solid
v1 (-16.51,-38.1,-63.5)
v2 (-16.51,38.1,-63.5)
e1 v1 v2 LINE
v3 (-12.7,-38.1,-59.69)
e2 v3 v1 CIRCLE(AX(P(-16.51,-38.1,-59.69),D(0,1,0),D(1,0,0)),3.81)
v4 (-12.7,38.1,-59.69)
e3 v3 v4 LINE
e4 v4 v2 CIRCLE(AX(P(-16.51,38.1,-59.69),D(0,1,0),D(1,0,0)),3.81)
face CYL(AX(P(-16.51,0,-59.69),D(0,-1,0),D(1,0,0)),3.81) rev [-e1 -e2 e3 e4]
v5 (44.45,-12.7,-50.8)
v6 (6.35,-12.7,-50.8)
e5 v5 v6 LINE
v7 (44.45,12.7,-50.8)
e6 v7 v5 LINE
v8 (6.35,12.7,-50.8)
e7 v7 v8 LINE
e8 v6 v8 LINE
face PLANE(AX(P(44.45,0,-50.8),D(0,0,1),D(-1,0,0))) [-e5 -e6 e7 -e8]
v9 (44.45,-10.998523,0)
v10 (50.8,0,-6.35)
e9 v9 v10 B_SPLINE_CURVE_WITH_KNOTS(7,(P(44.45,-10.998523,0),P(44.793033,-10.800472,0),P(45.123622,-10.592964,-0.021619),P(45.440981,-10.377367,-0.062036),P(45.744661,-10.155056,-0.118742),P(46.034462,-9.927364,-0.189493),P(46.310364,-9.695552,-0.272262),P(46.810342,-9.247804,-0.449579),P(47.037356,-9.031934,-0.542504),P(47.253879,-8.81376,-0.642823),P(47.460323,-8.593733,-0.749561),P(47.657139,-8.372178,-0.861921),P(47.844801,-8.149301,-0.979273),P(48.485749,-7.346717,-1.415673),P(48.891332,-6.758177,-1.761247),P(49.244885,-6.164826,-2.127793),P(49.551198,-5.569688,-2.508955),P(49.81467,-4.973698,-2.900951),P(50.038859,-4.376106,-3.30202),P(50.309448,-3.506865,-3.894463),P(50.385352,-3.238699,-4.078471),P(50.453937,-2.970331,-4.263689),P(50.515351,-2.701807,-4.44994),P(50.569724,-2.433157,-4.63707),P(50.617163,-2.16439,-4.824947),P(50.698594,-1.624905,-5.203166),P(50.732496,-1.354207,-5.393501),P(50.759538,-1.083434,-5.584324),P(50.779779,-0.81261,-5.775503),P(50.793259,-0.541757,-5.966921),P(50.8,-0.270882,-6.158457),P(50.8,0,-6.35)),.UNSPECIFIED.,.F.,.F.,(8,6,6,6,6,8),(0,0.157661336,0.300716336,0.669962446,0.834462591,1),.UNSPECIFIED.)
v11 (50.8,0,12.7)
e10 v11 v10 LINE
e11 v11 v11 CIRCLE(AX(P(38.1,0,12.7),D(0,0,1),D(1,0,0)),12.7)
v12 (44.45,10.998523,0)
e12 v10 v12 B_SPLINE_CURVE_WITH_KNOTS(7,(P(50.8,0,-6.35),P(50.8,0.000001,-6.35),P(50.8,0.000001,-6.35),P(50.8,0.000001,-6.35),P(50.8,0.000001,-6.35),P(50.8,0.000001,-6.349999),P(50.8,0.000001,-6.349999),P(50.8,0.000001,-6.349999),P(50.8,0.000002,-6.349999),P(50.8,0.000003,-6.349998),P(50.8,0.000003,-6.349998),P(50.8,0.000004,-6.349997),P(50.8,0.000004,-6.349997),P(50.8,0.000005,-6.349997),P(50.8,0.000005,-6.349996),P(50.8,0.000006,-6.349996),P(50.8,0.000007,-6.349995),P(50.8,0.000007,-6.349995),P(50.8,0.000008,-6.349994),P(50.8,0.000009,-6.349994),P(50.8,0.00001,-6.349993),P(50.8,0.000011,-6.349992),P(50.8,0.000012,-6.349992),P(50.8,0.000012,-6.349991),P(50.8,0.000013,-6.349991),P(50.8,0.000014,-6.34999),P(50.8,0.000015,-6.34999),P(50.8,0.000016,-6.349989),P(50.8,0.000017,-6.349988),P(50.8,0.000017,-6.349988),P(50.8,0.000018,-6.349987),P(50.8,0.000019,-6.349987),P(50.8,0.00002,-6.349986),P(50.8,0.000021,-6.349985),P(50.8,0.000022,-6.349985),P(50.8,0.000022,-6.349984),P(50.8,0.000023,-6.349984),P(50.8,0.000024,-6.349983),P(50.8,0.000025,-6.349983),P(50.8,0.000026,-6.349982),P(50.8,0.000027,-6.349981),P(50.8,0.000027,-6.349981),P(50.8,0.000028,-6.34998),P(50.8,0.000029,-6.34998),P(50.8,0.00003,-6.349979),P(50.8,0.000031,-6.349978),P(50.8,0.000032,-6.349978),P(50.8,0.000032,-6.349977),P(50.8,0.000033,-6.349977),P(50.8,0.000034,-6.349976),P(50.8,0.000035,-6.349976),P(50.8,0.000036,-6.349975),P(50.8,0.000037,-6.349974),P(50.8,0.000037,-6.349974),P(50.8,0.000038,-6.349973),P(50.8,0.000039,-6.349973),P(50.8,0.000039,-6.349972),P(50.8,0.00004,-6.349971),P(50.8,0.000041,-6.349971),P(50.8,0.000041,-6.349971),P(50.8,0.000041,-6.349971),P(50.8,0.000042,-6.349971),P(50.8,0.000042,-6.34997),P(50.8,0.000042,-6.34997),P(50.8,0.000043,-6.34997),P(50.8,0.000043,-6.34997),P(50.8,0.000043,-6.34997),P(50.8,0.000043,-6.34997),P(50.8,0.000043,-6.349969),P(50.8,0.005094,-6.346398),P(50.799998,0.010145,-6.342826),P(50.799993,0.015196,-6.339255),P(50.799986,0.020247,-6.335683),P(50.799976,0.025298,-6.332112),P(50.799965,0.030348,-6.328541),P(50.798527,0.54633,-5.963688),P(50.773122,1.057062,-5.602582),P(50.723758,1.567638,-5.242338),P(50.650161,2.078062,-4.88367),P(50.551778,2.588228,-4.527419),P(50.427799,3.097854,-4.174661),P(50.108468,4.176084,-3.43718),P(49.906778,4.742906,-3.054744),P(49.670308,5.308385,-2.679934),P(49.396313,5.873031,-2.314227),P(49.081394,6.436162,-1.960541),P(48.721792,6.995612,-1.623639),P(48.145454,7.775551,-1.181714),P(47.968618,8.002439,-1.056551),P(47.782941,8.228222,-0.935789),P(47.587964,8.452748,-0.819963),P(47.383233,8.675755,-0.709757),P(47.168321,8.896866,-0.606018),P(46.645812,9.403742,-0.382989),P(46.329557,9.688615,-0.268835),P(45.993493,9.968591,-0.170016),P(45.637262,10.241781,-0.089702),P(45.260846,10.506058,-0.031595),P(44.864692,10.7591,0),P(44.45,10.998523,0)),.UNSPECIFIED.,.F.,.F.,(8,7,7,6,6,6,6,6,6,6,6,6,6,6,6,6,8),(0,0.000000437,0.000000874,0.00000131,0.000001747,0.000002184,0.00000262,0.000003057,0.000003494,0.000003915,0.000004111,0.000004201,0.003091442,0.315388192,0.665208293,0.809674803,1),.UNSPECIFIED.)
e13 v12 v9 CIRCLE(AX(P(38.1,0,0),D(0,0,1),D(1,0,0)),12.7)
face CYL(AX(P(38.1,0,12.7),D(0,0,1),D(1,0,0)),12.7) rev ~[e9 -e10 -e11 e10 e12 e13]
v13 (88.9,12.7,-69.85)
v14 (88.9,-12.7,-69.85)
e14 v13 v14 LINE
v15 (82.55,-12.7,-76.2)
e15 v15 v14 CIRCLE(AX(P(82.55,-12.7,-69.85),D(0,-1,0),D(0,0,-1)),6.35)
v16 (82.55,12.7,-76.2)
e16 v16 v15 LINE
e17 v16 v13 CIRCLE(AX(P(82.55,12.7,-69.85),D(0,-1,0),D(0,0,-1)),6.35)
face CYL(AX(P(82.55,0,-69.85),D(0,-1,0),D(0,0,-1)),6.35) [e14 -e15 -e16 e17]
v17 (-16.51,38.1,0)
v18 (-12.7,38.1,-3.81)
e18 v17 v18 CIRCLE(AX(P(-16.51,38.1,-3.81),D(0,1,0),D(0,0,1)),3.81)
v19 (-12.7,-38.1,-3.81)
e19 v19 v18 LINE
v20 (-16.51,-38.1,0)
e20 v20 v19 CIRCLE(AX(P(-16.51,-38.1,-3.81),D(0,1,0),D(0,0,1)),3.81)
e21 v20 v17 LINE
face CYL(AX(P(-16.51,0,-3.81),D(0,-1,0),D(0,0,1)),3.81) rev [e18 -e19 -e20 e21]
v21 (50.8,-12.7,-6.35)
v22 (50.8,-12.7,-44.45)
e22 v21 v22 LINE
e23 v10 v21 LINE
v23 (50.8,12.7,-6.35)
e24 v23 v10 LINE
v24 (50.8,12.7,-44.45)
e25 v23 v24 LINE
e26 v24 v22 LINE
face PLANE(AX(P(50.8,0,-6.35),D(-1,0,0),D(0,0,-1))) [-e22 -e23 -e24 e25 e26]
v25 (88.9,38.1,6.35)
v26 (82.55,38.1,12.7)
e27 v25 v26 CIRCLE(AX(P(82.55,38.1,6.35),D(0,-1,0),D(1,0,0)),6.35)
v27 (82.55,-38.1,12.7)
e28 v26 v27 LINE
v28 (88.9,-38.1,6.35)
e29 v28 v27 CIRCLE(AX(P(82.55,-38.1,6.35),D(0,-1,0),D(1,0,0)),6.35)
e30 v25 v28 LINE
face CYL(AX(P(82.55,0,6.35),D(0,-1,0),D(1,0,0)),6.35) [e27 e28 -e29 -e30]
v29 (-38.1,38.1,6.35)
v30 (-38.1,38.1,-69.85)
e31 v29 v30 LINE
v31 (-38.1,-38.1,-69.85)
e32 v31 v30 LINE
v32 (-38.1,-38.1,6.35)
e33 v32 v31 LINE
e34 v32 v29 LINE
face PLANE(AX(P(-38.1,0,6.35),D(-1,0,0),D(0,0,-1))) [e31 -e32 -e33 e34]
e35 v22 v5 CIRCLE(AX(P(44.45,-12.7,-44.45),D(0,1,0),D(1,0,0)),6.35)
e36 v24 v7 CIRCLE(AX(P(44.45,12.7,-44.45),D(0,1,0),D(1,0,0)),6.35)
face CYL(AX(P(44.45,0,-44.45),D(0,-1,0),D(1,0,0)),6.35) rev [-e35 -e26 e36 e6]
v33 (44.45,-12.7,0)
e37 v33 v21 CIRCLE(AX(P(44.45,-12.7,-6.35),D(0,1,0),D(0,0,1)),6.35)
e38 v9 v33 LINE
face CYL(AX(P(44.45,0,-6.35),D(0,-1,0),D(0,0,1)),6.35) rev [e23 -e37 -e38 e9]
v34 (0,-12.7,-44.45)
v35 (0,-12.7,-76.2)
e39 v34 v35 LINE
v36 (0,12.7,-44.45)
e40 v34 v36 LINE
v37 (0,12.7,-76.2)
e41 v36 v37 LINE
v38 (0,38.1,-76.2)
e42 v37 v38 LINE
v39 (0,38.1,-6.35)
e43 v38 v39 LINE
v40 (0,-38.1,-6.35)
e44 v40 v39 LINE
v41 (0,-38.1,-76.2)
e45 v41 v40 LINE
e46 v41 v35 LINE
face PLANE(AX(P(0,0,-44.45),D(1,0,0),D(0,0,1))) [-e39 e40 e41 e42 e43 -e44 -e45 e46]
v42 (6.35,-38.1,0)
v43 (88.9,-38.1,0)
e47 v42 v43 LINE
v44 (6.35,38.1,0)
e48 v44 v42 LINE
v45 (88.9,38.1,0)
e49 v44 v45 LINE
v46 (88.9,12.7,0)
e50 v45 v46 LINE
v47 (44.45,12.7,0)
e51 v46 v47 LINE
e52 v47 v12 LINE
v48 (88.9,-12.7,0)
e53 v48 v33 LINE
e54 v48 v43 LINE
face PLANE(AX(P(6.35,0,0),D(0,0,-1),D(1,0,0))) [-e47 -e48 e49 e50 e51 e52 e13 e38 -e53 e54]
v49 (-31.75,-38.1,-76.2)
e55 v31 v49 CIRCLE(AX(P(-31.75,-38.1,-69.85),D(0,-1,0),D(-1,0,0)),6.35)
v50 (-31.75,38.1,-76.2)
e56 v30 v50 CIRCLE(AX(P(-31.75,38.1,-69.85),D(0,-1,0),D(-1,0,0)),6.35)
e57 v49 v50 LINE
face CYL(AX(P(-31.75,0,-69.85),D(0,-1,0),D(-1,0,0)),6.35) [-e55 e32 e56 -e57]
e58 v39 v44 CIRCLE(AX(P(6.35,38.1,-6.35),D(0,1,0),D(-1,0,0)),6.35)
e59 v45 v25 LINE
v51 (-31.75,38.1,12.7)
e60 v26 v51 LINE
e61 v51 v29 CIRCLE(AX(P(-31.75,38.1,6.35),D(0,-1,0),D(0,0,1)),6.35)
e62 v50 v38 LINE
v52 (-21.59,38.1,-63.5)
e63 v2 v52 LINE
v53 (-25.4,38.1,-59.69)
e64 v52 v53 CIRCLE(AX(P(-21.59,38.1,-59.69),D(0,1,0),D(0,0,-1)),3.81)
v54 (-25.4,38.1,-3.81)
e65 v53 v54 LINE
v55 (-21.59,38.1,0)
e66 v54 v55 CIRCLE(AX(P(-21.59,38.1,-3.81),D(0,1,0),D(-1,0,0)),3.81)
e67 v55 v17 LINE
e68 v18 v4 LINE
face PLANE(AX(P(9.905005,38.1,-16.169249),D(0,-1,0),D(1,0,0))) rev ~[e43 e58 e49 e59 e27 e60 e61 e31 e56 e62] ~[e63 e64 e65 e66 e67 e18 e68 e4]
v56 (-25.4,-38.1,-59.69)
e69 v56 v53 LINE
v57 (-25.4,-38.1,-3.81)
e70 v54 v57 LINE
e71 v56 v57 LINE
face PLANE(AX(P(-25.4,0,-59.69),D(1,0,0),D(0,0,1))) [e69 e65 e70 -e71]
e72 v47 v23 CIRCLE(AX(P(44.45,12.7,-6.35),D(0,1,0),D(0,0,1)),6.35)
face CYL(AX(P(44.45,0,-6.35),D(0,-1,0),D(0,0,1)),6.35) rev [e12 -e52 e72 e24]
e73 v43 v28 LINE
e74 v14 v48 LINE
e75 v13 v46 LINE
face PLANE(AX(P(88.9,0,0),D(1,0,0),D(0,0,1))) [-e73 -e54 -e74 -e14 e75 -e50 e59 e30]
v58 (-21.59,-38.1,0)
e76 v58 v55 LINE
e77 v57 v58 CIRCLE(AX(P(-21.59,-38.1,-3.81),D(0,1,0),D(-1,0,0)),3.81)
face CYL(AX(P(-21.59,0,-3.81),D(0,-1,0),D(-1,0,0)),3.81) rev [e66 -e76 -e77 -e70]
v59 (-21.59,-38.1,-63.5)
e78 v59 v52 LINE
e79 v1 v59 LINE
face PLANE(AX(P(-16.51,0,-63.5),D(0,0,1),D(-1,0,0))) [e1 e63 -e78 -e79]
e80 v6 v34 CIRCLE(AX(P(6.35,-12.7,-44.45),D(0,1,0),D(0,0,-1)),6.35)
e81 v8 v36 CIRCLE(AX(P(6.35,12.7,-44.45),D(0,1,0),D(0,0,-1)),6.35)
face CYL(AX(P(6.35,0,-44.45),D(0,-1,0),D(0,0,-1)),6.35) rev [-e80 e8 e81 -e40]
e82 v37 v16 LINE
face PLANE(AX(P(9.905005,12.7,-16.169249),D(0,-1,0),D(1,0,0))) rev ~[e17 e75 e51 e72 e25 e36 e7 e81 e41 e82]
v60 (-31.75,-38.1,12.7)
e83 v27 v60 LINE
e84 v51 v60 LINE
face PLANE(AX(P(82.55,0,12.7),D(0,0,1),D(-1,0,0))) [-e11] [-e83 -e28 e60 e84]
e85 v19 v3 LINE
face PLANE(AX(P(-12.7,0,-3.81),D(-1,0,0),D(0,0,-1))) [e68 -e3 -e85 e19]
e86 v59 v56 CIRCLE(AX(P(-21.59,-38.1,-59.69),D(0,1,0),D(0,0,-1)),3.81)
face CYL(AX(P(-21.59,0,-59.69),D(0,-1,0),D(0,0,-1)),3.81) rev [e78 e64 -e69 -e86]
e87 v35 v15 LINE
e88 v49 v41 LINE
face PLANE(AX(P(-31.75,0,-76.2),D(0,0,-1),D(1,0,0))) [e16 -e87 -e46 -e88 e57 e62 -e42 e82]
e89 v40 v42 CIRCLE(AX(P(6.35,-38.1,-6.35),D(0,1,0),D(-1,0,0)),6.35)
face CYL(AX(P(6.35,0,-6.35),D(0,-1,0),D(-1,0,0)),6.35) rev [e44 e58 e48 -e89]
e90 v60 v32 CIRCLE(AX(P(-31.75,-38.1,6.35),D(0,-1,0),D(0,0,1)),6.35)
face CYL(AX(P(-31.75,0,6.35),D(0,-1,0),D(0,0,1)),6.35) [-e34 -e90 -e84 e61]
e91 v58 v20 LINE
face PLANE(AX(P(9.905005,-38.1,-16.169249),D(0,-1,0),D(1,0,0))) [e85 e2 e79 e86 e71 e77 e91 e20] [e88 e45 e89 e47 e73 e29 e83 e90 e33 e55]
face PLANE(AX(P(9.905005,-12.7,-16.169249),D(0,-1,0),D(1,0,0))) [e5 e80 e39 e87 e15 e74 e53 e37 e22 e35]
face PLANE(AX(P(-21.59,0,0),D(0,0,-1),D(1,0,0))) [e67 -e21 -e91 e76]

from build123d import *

# Parameters (mm, degrees)
F1_DEPTH = 38.1
F2_DEPTH = 12.7
F3_R     = 12.7
F4_DEPTH = 25.4


with BuildPart() as f1:
    # F0 (on Front) → F1 (new body, symmetric)
    with BuildSketch(Plane.XZ):
        with BuildLine():
            ThreePointArc((0, -6.35), (1.8598719395, -1.8598719395), (6.35, 0))
            Line((6.35, 0), (44.45, 0))
            Line((44.45, 0), (88.9, 0))
            Line((88.9, 0), (88.9, 6.35))
            ThreePointArc((88.9, 6.35), (87.0401280605, 10.8401280605), (82.55, 12.7))
            Line((82.55, 12.7), (-31.75, 12.7))
            ThreePointArc((-31.75, 12.7), (-36.2401280605, 10.8401280605), (-38.1, 6.35))
            Line((-38.1, 6.35), (-38.1, -69.85))
            ThreePointArc((-38.1, -69.85), (-36.2401280605, -74.3401280605), (-31.75, -76.2))
            Line((-31.75, -76.2), (0, -76.2))
            Line((0, -76.2), (0, -44.45))
            Line((0, -44.45), (0, -6.35))
        make_face()
        with BuildLine():
            ThreePointArc((-25.4, -3.81), (-24.2840768363, -1.1159231637), (-21.59, 0))
            Line((-21.59, 0), (-16.51, 0))
            ThreePointArc((-16.51, 0), (-13.8159231637, -1.1159231637), (-12.7, -3.81))
            Line((-12.7, -3.81), (-12.7, -59.69))
            ThreePointArc((-12.7, -59.69), (-13.8159231637, -62.3840768363), (-16.51, -63.5))
            Line((-16.51, -63.5), (-21.59, -63.5))
            ThreePointArc((-21.59, -63.5), (-24.2840768363, -62.3840768363), (-25.4, -59.69))
            Line((-25.4, -59.69), (-25.4, -3.81))
        make_face(mode=Mode.SUBTRACT)
    extrude(amount=F1_DEPTH, both=True)

    # F0 (on Front) → F2 (join, symmetric)
    with BuildSketch(Plane.XZ):
        with BuildLine():
            ThreePointArc((0, -6.35), (1.8598719395, -1.8598719395), (6.35, 0))
            Line((6.35, 0), (44.45, 0))
            Line((44.45, 0), (88.9, 0))
            Line((88.9, 0), (88.9, 6.35))
            ThreePointArc((88.9, 6.35), (87.0401280605, 10.8401280605), (82.55, 12.7))
            Line((82.55, 12.7), (-31.75, 12.7))
            ThreePointArc((-31.75, 12.7), (-36.2401280605, 10.8401280605), (-38.1, 6.35))
            Line((-38.1, 6.35), (-38.1, -69.85))
            ThreePointArc((-38.1, -69.85), (-36.2401280605, -74.3401280605), (-31.75, -76.2))
            Line((-31.75, -76.2), (0, -76.2))
            Line((0, -76.2), (0, -44.45))
            Line((0, -44.45), (0, -6.35))
        make_face()
        with BuildLine():
            ThreePointArc((-25.4, -3.81), (-24.2840768363, -1.1159231637), (-21.59, 0))
            Line((-21.59, 0), (-16.51, 0))
            ThreePointArc((-16.51, 0), (-13.8159231637, -1.1159231637), (-12.7, -3.81))
            Line((-12.7, -3.81), (-12.7, -59.69))
            ThreePointArc((-12.7, -59.69), (-13.8159231637, -62.3840768363), (-16.51, -63.5))
            Line((-16.51, -63.5), (-21.59, -63.5))
            ThreePointArc((-21.59, -63.5), (-24.2840768363, -62.3840768363), (-25.4, -59.69))
            Line((-25.4, -59.69), (-25.4, -3.81))
        make_face(mode=Mode.SUBTRACT)
        with BuildLine():
            Line((88.9, 0), (44.45, 0))
            ThreePointArc((44.45, 0), (48.9401280605, -1.8598719395), (50.8, -6.35))
            Line((50.8, -6.35), (50.8, -44.45))
            ThreePointArc((50.8, -44.45), (48.9401280605, -48.9401280605), (44.45, -50.8))
            Line((44.45, -50.8), (6.35, -50.8))
            ThreePointArc((6.35, -50.8), (1.8598719395, -48.9401280605), (0, -44.45))
            Line((0, -44.45), (0, -76.2))
            Line((0, -76.2), (82.55, -76.2))
            ThreePointArc((82.55, -76.2), (87.0401280605, -74.3401280605), (88.9, -69.85))
            Line((88.9, -69.85), (88.9, 0))
        make_face()
    extrude(amount=F2_DEPTH, both=True)

    # F3 (on face) → F4 (cut)
    with BuildSketch(Plane.XY.offset(12.7)):
        with Locations((38.1, 0)):
            Circle(F3_R)
    extrude(amount=-F4_DEPTH, mode=Mode.SUBTRACT)


solid = f1.part
